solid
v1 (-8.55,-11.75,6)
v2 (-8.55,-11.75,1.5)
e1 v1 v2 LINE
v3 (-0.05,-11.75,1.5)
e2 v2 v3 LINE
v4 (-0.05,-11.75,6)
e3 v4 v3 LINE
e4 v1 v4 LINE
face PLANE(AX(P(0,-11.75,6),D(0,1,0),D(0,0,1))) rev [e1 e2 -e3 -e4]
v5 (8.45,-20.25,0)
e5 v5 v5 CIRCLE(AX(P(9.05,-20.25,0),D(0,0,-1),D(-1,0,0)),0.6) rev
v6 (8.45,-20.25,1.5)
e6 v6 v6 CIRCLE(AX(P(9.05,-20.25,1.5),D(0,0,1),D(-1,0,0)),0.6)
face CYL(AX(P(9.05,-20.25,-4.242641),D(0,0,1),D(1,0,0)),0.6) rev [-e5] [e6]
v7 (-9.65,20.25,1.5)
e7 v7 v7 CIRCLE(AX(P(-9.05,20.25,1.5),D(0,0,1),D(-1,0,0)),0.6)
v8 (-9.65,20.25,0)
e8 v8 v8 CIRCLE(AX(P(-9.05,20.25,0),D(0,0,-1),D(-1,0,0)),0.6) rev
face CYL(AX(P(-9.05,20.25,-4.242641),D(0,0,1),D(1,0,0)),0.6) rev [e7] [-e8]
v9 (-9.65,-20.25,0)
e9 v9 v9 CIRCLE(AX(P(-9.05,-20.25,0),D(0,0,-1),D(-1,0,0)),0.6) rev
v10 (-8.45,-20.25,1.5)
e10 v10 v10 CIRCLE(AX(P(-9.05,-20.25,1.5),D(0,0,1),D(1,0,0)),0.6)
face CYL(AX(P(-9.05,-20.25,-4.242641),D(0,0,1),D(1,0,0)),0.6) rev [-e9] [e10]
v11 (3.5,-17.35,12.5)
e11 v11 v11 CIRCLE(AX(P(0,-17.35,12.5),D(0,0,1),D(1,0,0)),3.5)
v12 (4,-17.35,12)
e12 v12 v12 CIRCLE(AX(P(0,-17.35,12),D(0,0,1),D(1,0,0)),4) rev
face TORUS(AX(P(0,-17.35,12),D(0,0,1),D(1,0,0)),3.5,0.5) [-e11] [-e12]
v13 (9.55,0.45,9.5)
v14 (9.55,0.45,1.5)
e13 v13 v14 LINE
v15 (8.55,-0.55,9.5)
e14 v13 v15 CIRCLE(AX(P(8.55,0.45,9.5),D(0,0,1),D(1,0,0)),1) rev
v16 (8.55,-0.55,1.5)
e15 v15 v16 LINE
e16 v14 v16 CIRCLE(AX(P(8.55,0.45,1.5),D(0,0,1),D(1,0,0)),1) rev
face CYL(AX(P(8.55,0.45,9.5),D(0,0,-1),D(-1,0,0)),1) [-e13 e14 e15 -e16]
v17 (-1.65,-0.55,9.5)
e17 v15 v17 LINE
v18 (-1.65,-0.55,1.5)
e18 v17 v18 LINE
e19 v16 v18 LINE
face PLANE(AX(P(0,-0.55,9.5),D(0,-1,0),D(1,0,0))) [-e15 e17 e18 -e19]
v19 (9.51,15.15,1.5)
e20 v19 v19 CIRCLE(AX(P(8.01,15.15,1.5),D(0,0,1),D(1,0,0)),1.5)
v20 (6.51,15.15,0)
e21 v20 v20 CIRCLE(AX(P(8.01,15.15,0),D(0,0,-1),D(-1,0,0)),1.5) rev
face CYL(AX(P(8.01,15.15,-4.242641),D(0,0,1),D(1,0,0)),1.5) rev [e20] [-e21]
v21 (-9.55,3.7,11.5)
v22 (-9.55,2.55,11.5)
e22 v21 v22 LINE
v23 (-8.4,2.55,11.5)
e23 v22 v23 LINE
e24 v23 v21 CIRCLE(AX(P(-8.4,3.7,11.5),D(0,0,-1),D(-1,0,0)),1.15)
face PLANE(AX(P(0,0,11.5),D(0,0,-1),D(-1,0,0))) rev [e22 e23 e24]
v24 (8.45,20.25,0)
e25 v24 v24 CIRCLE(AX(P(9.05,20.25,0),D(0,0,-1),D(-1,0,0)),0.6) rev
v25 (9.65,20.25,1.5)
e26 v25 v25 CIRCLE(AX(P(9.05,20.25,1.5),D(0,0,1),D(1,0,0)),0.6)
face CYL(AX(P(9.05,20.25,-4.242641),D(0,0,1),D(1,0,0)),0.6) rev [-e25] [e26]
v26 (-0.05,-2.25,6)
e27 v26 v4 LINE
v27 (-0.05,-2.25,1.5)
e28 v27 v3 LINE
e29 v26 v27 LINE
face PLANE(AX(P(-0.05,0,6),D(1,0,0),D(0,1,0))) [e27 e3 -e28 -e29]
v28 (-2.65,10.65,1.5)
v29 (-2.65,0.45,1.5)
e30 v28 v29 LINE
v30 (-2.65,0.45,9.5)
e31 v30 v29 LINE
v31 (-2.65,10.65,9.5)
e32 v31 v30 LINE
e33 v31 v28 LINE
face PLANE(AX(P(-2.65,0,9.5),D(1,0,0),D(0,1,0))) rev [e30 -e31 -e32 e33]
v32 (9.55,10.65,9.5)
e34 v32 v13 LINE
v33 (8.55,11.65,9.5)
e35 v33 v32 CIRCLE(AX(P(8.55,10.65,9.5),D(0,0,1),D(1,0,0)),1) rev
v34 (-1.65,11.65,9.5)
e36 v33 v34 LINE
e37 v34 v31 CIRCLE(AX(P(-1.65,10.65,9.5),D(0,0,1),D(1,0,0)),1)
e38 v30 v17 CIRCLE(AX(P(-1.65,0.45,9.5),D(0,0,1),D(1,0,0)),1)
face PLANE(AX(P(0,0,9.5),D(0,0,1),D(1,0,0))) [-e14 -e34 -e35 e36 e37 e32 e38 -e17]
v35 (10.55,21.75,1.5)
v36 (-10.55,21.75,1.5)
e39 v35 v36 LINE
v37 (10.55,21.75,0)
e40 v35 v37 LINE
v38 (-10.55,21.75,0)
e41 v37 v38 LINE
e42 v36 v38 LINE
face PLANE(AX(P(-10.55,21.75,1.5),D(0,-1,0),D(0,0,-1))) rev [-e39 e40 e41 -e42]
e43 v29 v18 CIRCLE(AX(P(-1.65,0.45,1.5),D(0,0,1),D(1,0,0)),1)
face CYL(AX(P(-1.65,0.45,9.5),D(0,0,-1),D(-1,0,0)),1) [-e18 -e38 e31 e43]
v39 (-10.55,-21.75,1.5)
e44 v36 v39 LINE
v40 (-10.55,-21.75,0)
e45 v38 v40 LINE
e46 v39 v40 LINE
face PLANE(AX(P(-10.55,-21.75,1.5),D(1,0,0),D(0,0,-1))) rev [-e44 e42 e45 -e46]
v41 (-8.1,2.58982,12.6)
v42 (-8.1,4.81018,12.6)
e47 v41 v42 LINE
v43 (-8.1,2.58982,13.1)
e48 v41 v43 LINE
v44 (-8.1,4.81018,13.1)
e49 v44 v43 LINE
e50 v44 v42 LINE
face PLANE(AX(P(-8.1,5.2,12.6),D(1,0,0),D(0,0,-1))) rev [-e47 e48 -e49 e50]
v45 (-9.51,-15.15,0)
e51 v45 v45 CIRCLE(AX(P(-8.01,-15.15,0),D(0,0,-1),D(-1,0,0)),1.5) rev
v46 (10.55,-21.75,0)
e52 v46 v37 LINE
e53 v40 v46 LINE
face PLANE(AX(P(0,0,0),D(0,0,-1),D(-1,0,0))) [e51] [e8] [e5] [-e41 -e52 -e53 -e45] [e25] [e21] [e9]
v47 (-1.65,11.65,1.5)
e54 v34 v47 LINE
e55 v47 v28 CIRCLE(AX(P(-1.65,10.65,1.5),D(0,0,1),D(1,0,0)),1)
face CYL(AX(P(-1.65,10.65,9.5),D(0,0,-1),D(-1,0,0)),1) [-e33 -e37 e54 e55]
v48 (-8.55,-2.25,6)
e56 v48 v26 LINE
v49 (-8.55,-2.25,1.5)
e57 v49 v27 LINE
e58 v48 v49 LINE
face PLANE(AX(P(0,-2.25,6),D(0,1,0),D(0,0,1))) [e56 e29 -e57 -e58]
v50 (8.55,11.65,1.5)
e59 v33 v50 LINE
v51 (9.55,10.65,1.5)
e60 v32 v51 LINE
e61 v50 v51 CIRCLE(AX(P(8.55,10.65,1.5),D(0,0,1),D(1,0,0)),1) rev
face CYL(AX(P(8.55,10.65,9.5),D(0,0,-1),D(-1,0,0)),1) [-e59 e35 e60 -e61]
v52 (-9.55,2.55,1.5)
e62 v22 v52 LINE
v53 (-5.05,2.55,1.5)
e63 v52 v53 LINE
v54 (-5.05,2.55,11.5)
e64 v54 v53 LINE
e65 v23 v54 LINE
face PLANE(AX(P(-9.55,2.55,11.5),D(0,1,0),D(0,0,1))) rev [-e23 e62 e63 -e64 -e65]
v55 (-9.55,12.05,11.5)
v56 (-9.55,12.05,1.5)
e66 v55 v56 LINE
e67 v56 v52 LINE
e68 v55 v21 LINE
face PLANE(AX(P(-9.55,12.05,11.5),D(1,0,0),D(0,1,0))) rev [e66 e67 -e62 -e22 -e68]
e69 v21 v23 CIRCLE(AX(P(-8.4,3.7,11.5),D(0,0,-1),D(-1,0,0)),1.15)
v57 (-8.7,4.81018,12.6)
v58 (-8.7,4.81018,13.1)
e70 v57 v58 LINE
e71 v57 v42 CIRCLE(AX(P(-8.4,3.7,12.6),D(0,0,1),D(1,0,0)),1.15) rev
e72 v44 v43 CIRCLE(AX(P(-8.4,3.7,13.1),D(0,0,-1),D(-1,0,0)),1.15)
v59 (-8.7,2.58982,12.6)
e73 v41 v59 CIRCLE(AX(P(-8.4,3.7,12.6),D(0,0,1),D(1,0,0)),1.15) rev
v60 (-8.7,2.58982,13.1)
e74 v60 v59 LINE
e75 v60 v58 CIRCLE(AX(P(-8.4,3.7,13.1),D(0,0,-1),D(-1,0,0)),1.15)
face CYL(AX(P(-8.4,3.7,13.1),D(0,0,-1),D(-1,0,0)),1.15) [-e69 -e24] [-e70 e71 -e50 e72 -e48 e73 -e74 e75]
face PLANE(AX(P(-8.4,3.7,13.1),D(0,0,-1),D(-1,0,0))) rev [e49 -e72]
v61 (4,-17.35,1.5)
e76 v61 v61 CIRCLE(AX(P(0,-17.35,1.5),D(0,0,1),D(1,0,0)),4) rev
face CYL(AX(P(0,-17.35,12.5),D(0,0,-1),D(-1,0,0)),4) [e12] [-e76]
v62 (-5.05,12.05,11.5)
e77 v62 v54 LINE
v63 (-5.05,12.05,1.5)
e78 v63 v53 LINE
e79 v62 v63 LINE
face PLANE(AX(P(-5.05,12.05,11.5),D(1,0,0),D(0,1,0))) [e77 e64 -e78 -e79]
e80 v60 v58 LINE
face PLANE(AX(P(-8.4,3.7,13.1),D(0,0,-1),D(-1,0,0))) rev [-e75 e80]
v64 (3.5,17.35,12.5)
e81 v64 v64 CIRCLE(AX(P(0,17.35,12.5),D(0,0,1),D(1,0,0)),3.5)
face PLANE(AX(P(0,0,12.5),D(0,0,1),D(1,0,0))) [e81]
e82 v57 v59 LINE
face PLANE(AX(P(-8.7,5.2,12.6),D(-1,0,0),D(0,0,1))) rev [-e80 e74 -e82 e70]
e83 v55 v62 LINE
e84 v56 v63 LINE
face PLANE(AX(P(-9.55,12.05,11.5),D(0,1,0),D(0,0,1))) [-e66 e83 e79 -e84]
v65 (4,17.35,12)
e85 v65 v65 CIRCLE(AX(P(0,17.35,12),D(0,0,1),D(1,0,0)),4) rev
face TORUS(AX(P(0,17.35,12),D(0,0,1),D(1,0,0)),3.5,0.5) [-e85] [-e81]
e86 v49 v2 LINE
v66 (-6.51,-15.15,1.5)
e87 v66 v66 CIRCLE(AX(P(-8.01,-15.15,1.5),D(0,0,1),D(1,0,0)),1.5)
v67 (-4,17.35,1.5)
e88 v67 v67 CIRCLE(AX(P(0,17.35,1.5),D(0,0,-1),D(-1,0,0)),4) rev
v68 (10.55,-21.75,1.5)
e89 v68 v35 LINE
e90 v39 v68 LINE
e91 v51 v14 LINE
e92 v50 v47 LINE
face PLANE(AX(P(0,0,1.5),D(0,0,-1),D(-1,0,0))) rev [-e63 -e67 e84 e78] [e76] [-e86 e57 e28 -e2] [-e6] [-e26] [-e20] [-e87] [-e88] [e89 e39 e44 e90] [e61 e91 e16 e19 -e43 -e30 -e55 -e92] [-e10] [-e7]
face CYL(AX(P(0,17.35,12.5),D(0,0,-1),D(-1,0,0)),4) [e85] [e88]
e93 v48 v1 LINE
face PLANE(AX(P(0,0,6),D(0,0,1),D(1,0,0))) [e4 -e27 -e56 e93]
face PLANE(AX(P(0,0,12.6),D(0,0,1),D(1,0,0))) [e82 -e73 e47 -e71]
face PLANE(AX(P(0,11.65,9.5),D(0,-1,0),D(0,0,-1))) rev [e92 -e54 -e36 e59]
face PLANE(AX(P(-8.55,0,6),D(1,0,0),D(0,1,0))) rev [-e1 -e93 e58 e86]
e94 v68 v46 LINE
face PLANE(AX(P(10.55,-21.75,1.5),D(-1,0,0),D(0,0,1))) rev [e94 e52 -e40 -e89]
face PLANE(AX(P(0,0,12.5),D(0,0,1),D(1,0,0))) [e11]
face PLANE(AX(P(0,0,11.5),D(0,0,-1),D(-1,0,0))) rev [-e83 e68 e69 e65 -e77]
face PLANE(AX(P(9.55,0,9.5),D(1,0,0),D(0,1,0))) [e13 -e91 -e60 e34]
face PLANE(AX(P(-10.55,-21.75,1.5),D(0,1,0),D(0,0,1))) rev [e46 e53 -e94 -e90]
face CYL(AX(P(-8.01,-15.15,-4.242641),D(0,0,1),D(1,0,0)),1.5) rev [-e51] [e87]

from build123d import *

# Parameters (mm, degrees)
SKETCH_1_W          = 21.1
SKETCH_1_H          = 43.5
EXTRUDE_1_DEPTH     = 1.5
SKETCH_6_R          = 1.5
SKETCH_6_R_2        = 0.6
CUT_EXTRUDE_2_DEPTH = 1.5
SKETCH_7_R          = 4
EXTRUDE_9_DEPTH     = 11
EXTRUDE_10_DEPTH    = 8
SKETCH_7_4_W        = 8.5
SKETCH_7_4_H        = 9.5
EXTRUDE_11_DEPTH    = 4.5
FILLET_1_R          = 0.5
SKETCH_4_3_W        = 4.5
SKETCH_4_3_H        = 9.5
EXTRUDE_7_DEPTH     = 10
EXTRUDE_START       = 10
SKETCH_4_3_3_R      = 1.15
EXTRUDE_8_DEPTH     = 1.6
SKETCH_5_W          = 0.6
SKETCH_5_H          = 3
CUT_EXTRUDE_1_DEPTH = 0.5


with BuildPart() as part:
    # Эскиз1 → Бобышка-Вытянуть1 (new body)
    with BuildSketch(Plane.XY):
        Rectangle(SKETCH_1_W, SKETCH_1_H)
    extrude(amount=EXTRUDE_1_DEPTH)

    # Эскиз6 → Вырез-Вытянуть2 (cut)
    with BuildSketch(Plane.XY.offset(1.5)):
        with Locations((8.01, 15.15)):
            Circle(SKETCH_6_R)
        with Locations((-8.01, -15.15)):
            Circle(SKETCH_6_R)
        with Locations((9.05, 20.25)):
            Circle(SKETCH_6_R_2)
        with Locations(Location((-9.05, 20.25, 0), (0, 0, 180))):
            Circle(SKETCH_6_R_2)
        with Locations(Location((9.05, -20.25, 0), (0, 0, 180))):
            Circle(SKETCH_6_R_2)
        with Locations((-9.05, -20.25)):
            Circle(SKETCH_6_R_2)
    extrude(amount=-CUT_EXTRUDE_2_DEPTH, mode=Mode.SUBTRACT)

    # Эскиз7 → Бобышка-Вытянуть9 (add)
    with BuildSketch(Plane.XY.offset(1.5)):
        with Locations(Location((0, 17.35, 0), (0, 0, 180))):
            Circle(SKETCH_7_R)
        with Locations((0, -17.35)):
            Circle(SKETCH_7_R)
    extrude(amount=EXTRUDE_9_DEPTH)

    # Эскиз7<3> → Бобышка-Вытянуть10 (add)
    with BuildSketch(Plane.XY.offset(1.5)):
        with BuildLine():
            ThreePointArc((8.55, 11.65), (9.257106781, 11.357106781), (9.55, 10.65))
            Line((9.55, 10.65), (9.55, 0.45))
            ThreePointArc((9.55, 0.45), (9.257106781, -0.257106781), (8.55, -0.55))
            Line((8.55, -0.55), (-1.65, -0.55))
            ThreePointArc((-1.65, -0.55), (-2.357106781, -0.257106781), (-2.65, 0.45))
            Line((-2.65, 0.45), (-2.65, 10.65))
            ThreePointArc((-2.65, 10.65), (-2.357106781, 11.357106781), (-1.65, 11.65))
            Line((-1.65, 11.65), (8.55, 11.65))
        make_face()
    extrude(amount=EXTRUDE_10_DEPTH)

    # Эскиз7<4> → Бобышка-Вытянуть11 (add)
    with BuildSketch(Plane.XY.offset(1.5)):
        with Locations((-4.3, -7)):
            Rectangle(SKETCH_7_4_W, SKETCH_7_4_H)
    extrude(amount=EXTRUDE_11_DEPTH)

    # Скругление1
    fillet_1_edges = [part.edges().sort_by_distance(p)[0] for p in [
        (4, 17.35, 12.5),
        (-4, -17.35, 12.5),
    ]]
    fillet(fillet_1_edges, radius=FILLET_1_R)



with BuildPart() as body_2:
    # Эскиз4<3> → Бобышка-Вытянуть7 (new body)
    with BuildSketch(Plane(origin=(5.475455411, 30.634305543, 1.5), x_dir=(1, 0, 0), z_dir=(0, 0, 1))):
        with Locations((-12.775455411, -23.334305543)):
            Rectangle(SKETCH_4_3_W, SKETCH_4_3_H)
    extrude(amount=EXTRUDE_7_DEPTH)


with BuildPart() as part_1:
    add(part.part)

    add(body_2.part)  # Бобышка-Вытянуть8 merges body 2
    # Эскиз4<3><3> → Бобышка-Вытянуть8 (add)
    with BuildSketch(Plane(origin=(5.475455411, 30.634305543, 1.5), x_dir=(1, 0, 0), z_dir=(0, 0, 1)).offset(EXTRUDE_START)):
        with Locations(Location((-13.875455411, -26.934305543, 0), (0, 0, 180))):
            Circle(SKETCH_4_3_3_R)
    extrude(amount=EXTRUDE_8_DEPTH)

    # Эскиз5 → Вырез-Вытянуть1 (cut)
    with BuildSketch(Plane(origin=(6.95, -7.75, 13.1), x_dir=(1, 0, 0), z_dir=(0, 0, 1))):
        with Locations((-15.35, 11.45)):
            Rectangle(SKETCH_5_W, SKETCH_5_H)
    extrude(amount=-CUT_EXTRUDE_1_DEPTH, mode=Mode.SUBTRACT)


solid = part_1.part
